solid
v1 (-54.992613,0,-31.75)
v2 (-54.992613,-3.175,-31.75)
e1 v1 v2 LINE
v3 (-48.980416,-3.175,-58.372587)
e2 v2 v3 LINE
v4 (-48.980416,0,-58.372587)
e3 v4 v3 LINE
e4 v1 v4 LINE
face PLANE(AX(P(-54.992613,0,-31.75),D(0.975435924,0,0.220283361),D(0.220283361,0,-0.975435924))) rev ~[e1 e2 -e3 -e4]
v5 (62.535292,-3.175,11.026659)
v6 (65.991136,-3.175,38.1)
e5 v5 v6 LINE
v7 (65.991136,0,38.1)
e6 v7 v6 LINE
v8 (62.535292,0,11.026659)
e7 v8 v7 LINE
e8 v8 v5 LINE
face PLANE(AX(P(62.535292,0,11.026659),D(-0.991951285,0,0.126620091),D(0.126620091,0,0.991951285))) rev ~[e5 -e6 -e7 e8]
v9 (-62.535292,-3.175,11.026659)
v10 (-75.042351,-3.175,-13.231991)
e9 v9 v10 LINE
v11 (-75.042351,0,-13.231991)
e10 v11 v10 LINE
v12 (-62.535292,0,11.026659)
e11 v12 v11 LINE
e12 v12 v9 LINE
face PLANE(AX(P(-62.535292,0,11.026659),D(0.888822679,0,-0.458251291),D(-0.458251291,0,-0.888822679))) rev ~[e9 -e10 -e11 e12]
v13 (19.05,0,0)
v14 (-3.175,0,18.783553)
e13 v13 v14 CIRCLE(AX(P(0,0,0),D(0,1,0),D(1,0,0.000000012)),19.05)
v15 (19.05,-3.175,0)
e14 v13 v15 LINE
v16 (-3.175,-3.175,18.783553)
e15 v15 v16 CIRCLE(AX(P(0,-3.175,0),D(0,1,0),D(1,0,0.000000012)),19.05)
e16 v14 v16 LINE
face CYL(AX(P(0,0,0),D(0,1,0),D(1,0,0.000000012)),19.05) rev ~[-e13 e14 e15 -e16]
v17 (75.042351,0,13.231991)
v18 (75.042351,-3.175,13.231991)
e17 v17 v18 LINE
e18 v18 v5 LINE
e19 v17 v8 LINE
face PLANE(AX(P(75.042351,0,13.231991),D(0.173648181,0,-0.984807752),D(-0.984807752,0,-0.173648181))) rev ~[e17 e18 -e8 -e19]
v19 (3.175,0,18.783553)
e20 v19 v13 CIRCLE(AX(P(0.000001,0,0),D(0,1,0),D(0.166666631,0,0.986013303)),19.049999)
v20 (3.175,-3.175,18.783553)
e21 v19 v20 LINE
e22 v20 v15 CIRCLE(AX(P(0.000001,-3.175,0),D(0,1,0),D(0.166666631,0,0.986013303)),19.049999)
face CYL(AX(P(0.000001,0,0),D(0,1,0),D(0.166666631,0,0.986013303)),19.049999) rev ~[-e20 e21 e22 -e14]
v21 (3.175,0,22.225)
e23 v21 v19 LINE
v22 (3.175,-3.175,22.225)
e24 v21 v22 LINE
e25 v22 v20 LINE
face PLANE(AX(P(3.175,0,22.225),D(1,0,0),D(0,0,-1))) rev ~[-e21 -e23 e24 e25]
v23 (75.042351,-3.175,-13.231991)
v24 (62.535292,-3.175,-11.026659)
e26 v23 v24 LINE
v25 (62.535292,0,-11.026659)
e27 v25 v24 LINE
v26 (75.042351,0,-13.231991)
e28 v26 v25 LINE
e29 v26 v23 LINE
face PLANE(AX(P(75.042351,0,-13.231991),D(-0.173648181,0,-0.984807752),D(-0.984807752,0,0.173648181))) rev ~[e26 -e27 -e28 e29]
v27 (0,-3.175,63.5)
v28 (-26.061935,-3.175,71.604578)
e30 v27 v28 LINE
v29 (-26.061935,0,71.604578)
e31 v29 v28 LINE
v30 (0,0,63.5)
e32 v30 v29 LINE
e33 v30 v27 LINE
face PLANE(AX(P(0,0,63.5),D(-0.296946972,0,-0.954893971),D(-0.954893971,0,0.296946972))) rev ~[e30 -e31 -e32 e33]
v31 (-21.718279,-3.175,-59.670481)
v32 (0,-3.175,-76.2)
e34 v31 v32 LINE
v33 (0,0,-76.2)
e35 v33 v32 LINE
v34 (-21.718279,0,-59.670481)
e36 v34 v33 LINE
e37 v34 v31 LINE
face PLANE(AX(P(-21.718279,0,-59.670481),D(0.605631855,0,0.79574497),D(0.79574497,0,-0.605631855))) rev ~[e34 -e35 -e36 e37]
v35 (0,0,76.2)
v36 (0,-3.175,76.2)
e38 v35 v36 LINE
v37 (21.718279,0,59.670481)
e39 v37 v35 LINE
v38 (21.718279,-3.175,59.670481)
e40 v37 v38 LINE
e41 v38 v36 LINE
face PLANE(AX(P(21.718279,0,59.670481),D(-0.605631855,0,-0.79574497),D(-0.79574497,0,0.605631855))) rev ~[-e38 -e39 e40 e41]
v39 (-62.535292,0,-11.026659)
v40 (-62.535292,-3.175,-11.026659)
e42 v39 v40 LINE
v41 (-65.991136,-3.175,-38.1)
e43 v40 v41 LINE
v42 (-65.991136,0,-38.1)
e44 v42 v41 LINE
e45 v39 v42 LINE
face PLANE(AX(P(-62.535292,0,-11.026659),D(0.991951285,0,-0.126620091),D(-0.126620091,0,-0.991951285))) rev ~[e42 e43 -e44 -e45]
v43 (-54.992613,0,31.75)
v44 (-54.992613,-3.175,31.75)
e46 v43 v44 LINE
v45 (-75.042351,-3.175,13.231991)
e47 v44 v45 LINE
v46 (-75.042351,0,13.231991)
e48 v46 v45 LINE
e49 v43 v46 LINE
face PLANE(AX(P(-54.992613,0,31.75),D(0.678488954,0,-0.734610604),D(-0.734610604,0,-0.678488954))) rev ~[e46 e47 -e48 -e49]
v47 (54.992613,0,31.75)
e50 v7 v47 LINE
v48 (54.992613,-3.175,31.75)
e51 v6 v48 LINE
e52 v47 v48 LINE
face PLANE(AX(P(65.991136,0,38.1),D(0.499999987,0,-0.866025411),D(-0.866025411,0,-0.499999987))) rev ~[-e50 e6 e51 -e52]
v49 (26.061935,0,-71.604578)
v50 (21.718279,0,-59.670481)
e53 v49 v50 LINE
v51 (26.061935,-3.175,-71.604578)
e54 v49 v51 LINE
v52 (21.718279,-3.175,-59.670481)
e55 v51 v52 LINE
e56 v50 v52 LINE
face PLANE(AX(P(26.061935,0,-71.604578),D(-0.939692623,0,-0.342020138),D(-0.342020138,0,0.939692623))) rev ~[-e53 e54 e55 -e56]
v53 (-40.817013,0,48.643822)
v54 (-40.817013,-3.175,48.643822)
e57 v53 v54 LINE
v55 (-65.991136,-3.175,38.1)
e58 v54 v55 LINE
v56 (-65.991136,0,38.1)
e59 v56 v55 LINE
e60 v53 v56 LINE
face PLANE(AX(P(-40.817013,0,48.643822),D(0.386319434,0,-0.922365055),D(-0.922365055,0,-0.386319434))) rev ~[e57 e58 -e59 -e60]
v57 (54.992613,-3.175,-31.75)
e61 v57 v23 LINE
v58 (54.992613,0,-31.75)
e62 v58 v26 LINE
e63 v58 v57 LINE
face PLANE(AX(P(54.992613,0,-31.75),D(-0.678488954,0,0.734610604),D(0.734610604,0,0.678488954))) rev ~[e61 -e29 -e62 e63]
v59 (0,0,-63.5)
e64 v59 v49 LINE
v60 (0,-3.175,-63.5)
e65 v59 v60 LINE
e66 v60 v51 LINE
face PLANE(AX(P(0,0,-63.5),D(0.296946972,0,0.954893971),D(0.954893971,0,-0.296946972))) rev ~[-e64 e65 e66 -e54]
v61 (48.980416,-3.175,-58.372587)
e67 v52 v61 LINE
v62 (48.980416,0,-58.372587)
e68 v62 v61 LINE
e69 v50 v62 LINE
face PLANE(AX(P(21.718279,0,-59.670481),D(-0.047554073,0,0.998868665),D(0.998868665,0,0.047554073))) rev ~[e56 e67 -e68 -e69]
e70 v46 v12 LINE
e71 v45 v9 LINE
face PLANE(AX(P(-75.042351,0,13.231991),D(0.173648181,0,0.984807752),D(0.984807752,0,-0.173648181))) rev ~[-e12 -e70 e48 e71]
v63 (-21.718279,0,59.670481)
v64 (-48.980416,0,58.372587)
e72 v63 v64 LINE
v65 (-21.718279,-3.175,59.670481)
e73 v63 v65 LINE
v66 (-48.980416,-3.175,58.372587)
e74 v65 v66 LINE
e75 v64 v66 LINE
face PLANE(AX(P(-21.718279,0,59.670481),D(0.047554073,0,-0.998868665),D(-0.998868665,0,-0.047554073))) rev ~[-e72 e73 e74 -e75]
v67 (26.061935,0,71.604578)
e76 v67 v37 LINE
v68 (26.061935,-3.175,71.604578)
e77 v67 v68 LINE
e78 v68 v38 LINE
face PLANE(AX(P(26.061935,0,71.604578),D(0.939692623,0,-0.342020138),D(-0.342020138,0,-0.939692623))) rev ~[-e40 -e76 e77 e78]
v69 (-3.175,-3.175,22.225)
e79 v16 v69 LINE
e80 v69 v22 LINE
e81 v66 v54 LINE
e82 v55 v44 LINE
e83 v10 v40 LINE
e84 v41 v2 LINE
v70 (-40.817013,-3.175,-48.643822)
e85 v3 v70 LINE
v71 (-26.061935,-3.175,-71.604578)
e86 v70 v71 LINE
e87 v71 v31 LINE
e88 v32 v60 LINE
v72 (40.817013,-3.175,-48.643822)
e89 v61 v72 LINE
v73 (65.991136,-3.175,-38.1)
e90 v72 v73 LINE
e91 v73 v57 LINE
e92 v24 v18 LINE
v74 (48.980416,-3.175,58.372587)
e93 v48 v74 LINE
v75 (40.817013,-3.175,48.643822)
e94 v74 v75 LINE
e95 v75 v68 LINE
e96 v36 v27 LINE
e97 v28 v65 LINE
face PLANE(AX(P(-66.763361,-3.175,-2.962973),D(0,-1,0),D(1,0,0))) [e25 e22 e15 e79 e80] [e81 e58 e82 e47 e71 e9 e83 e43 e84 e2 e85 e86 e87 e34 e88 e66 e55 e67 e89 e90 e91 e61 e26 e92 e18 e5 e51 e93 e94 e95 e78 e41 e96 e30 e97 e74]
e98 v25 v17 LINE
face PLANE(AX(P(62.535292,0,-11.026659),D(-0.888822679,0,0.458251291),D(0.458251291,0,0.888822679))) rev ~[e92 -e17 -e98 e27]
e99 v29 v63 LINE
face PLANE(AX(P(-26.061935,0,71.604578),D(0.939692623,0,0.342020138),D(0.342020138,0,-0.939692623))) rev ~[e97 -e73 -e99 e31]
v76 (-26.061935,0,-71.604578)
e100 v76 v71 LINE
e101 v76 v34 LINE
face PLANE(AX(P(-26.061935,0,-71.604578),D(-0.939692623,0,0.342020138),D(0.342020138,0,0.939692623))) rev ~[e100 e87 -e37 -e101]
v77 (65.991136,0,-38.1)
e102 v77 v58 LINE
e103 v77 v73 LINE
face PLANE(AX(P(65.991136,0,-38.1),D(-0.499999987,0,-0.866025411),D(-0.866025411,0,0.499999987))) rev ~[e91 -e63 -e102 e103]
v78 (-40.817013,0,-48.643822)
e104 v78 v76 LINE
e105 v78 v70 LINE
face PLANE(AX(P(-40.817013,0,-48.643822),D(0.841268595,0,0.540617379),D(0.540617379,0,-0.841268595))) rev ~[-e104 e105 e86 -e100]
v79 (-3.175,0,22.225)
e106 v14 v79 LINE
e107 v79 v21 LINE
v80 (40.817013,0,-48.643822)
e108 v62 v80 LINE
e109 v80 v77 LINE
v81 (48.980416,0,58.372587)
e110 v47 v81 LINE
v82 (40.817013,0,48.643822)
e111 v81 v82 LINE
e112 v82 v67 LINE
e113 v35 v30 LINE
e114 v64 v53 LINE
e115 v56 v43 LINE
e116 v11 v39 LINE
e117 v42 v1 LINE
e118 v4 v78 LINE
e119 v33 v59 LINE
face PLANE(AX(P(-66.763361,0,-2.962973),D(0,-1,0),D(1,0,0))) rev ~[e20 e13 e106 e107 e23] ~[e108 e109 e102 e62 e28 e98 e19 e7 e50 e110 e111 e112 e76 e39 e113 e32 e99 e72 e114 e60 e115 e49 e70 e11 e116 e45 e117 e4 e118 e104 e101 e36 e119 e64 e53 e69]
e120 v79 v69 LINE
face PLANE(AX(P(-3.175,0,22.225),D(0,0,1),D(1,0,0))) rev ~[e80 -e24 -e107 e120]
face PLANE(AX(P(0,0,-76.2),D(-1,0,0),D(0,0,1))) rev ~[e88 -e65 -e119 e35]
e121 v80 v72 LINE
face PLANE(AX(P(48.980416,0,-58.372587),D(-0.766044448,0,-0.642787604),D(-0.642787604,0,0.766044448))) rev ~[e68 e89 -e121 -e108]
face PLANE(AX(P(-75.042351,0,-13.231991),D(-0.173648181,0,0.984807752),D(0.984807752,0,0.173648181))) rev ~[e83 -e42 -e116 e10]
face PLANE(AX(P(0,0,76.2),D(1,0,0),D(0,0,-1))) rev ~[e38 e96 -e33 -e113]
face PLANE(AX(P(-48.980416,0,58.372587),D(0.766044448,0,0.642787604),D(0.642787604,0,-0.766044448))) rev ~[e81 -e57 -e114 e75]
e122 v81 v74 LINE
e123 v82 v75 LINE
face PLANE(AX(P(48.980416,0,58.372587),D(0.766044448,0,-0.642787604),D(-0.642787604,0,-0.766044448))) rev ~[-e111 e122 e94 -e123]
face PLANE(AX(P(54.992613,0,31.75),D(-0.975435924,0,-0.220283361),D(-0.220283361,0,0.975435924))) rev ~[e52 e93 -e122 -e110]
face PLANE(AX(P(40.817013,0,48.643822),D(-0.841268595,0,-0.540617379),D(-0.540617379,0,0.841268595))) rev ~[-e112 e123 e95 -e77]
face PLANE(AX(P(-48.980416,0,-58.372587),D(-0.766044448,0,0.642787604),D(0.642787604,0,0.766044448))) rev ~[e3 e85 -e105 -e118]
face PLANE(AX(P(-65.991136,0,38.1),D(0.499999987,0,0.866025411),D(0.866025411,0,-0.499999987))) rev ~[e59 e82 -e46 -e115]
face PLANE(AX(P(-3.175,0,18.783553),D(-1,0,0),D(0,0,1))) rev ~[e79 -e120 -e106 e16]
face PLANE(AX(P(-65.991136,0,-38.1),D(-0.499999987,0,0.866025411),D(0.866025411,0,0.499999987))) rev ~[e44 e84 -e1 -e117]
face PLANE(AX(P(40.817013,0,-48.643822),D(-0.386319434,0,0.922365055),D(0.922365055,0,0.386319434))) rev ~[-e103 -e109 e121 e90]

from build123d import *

# Parameters (mm, degrees)
F1_DEPTH = 3.175


with BuildPart() as f1:
    # F0 (on Front) → F1 (new body)
    with BuildSketch(Plane.XZ):
        with BuildLine():
            ThreePointArc((-62.535292, -11.026659), (-63.5, 0), (-62.535292, 11.026659))
            Line((-62.535292, 11.026659), (-75.042351, -13.231991))
            Line((-75.042351, -13.231991), (-62.535292, -11.026659))
        make_face()
        with BuildLine():
            ThreePointArc((-62.535292, 11.026659), (-59.670481, 21.718279), (-54.992613, 31.75))
            Line((-54.992613, 31.75), (-75.042351, 13.231991))
            Line((-75.042351, 13.231991), (-62.535292, 11.026659))
        make_face()
        with BuildLine():
            ThreePointArc((-54.992613, 31.75), (-48.643822, 40.817013), (-40.817013, 48.643822))
            Line((-40.817013, 48.643822), (-65.991136, 38.1))
            Line((-65.991136, 38.1), (-54.992613, 31.75))
        make_face()
        with BuildLine():
            ThreePointArc((-40.817013, 48.643822), (-31.75, 54.992613), (-21.718279, 59.670481))
            Line((-21.718279, 59.670481), (-48.980416, 58.372587))
            Line((-48.980416, 58.372587), (-40.817013, 48.643822))
        make_face()
        with BuildLine():
            Line((-65.991136, -38.1), (-54.992613, -31.75))
            ThreePointArc((-54.992613, -31.75), (-59.670481, -21.718279), (-62.535292, -11.026659))
            Line((-62.535292, -11.026659), (-65.991136, -38.1))
        make_face()
        with BuildLine():
            Line((-48.980416, -58.372587), (-40.817013, -48.643822))
            ThreePointArc((-40.817013, -48.643822), (-48.643822, -40.817013), (-54.992613, -31.75))
            Line((-54.992613, -31.75), (-48.980416, -58.372587))
        make_face()
        with BuildLine():
            Line((-26.061935, -71.604578), (-21.718279, -59.670481))
            ThreePointArc((-21.718279, -59.670481), (-31.75, -54.992613), (-40.817013, -48.643822))
            Line((-40.817013, -48.643822), (-26.061935, -71.604578))
        make_face()
        with BuildLine():
            Line((0, -76.2), (0, -63.5))
            ThreePointArc((0, -63.5), (-11.026659, -62.535292), (-21.718279, -59.670481))
            Line((-21.718279, -59.670481), (0, -76.2))
        make_face()
        with BuildLine():
            Line((26.061935, -71.604578), (21.718279, -59.670481))
            ThreePointArc((21.718279, -59.670481), (11.026659, -62.535292), (0, -63.5))
            Line((0, -63.5), (26.061935, -71.604578))
        make_face()
        with BuildLine():
            Line((48.980416, -58.372587), (40.817013, -48.643822))
            ThreePointArc((40.817013, -48.643822), (31.75, -54.992613), (21.718279, -59.670481))
            Line((21.718279, -59.670481), (48.980416, -58.372587))
        make_face()
        with BuildLine():
            Line((65.991136, -38.1), (54.992613, -31.75))
            ThreePointArc((54.992613, -31.75), (48.643822, -40.817013), (40.817013, -48.643822))
            Line((40.817013, -48.643822), (65.991136, -38.1))
        make_face()
        with BuildLine():
            Line((75.042351, -13.231991), (62.535292, -11.026659))
            ThreePointArc((62.535292, -11.026659), (59.670481, -21.718279), (54.992613, -31.75))
            Line((54.992613, -31.75), (75.042351, -13.231991))
        make_face()
        with BuildLine():
            ThreePointArc((62.535292, 11.026659), (63.258363, 5.53439), (63.5, 0))
            ThreePointArc((63.5, 0), (63.258363, -5.53439), (62.535292, -11.026659))
            Line((62.535292, -11.026659), (75.042351, 13.231991))
            Line((75.042351, 13.231991), (62.535292, 11.026659))
        make_face()
        with BuildLine():
            ThreePointArc((54.992613, 31.75), (59.670481, 21.718279), (62.535292, 11.026659))
            Line((62.535292, 11.026659), (65.991136, 38.1))
            Line((65.991136, 38.1), (54.992613, 31.75))
        make_face()
        with BuildLine():
            ThreePointArc((40.817013, 48.643822), (48.643822, 40.817013), (54.992613, 31.75))
            Line((54.992613, 31.75), (48.980416, 58.372587))
            Line((48.980416, 58.372587), (40.817013, 48.643822))
        make_face()
        with BuildLine():
            ThreePointArc((21.718279, 59.670481), (31.75, 54.992613), (40.817013, 48.643822))
            Line((40.817013, 48.643822), (26.061935, 71.604578))
            Line((26.061935, 71.604578), (21.718279, 59.670481))
        make_face()
        with BuildLine():
            ThreePointArc((0, 63.5), (11.026659, 62.535292), (21.718279, 59.670481))
            Line((21.718279, 59.670481), (0, 76.2))
            Line((0, 76.2), (0, 63.5))
        make_face()
        with BuildLine():
            ThreePointArc((-21.718279, 59.670481), (-11.026659, 62.535292), (0, 63.5))
            Line((0, 63.5), (-26.061935, 71.604578))
            Line((-26.061935, 71.604578), (-21.718279, 59.670481))
        make_face()
        with BuildLine():
            ThreePointArc((62.535292, -11.026659), (63.258363, -5.53439), (63.5, 0))
            ThreePointArc((63.5, 0), (63.258363, 5.53439), (62.535292, 11.026659))
            ThreePointArc((62.535292, 11.026659), (59.670481, 21.718279), (54.992613, 31.75))
            ThreePointArc((54.992613, 31.75), (48.643822, 40.817013), (40.817013, 48.643822))
            ThreePointArc((40.817013, 48.643822), (31.75, 54.992613), (21.718279, 59.670481))
            ThreePointArc((21.718279, 59.670481), (11.026659, 62.535292), (0, 63.5))
            ThreePointArc((0, 63.5), (-11.026659, 62.535292), (-21.718279, 59.670481))
            ThreePointArc((-21.718279, 59.670481), (-31.75, 54.992613), (-40.817013, 48.643822))
            ThreePointArc((-40.817013, 48.643822), (-48.643822, 40.817013), (-54.992613, 31.75))
            ThreePointArc((-54.992613, 31.75), (-59.670481, 21.718279), (-62.535292, 11.026659))
            ThreePointArc((-62.535292, 11.026659), (-63.5, 0), (-62.535292, -11.026659))
            ThreePointArc((-62.535292, -11.026659), (-59.670481, -21.718279), (-54.992613, -31.75))
            ThreePointArc((-54.992613, -31.75), (-48.643822, -40.817013), (-40.817013, -48.643822))
            ThreePointArc((-40.817013, -48.643822), (-31.75, -54.992613), (-21.718279, -59.670481))
            ThreePointArc((-21.718279, -59.670481), (-11.026659, -62.535292), (0, -63.5))
            ThreePointArc((0, -63.5), (11.026659, -62.535292), (21.718279, -59.670481))
            ThreePointArc((21.718279, -59.670481), (31.75, -54.992613), (40.817013, -48.643822))
            ThreePointArc((40.817013, -48.643822), (48.643822, -40.817013), (54.992613, -31.75))
            ThreePointArc((54.992613, -31.75), (59.670481, -21.718279), (62.535292, -11.026659))
        make_face()
        with BuildLine():
            ThreePointArc((3.175, 18.783553), (14.549678, 12.296722), (19.05, 0))
            ThreePointArc((19.05, 0), (-12.296722, -14.549678), (-3.175, 18.783553))
            Line((-3.175, 18.783553), (-3.175, 22.225))
            Line((-3.175, 22.225), (0, 22.225))
            Line((0, 22.225), (3.175, 22.225))
            Line((3.175, 22.225), (3.175, 18.783553))
        make_face(mode=Mode.SUBTRACT)
    extrude(amount=F1_DEPTH)


solid = f1.part
